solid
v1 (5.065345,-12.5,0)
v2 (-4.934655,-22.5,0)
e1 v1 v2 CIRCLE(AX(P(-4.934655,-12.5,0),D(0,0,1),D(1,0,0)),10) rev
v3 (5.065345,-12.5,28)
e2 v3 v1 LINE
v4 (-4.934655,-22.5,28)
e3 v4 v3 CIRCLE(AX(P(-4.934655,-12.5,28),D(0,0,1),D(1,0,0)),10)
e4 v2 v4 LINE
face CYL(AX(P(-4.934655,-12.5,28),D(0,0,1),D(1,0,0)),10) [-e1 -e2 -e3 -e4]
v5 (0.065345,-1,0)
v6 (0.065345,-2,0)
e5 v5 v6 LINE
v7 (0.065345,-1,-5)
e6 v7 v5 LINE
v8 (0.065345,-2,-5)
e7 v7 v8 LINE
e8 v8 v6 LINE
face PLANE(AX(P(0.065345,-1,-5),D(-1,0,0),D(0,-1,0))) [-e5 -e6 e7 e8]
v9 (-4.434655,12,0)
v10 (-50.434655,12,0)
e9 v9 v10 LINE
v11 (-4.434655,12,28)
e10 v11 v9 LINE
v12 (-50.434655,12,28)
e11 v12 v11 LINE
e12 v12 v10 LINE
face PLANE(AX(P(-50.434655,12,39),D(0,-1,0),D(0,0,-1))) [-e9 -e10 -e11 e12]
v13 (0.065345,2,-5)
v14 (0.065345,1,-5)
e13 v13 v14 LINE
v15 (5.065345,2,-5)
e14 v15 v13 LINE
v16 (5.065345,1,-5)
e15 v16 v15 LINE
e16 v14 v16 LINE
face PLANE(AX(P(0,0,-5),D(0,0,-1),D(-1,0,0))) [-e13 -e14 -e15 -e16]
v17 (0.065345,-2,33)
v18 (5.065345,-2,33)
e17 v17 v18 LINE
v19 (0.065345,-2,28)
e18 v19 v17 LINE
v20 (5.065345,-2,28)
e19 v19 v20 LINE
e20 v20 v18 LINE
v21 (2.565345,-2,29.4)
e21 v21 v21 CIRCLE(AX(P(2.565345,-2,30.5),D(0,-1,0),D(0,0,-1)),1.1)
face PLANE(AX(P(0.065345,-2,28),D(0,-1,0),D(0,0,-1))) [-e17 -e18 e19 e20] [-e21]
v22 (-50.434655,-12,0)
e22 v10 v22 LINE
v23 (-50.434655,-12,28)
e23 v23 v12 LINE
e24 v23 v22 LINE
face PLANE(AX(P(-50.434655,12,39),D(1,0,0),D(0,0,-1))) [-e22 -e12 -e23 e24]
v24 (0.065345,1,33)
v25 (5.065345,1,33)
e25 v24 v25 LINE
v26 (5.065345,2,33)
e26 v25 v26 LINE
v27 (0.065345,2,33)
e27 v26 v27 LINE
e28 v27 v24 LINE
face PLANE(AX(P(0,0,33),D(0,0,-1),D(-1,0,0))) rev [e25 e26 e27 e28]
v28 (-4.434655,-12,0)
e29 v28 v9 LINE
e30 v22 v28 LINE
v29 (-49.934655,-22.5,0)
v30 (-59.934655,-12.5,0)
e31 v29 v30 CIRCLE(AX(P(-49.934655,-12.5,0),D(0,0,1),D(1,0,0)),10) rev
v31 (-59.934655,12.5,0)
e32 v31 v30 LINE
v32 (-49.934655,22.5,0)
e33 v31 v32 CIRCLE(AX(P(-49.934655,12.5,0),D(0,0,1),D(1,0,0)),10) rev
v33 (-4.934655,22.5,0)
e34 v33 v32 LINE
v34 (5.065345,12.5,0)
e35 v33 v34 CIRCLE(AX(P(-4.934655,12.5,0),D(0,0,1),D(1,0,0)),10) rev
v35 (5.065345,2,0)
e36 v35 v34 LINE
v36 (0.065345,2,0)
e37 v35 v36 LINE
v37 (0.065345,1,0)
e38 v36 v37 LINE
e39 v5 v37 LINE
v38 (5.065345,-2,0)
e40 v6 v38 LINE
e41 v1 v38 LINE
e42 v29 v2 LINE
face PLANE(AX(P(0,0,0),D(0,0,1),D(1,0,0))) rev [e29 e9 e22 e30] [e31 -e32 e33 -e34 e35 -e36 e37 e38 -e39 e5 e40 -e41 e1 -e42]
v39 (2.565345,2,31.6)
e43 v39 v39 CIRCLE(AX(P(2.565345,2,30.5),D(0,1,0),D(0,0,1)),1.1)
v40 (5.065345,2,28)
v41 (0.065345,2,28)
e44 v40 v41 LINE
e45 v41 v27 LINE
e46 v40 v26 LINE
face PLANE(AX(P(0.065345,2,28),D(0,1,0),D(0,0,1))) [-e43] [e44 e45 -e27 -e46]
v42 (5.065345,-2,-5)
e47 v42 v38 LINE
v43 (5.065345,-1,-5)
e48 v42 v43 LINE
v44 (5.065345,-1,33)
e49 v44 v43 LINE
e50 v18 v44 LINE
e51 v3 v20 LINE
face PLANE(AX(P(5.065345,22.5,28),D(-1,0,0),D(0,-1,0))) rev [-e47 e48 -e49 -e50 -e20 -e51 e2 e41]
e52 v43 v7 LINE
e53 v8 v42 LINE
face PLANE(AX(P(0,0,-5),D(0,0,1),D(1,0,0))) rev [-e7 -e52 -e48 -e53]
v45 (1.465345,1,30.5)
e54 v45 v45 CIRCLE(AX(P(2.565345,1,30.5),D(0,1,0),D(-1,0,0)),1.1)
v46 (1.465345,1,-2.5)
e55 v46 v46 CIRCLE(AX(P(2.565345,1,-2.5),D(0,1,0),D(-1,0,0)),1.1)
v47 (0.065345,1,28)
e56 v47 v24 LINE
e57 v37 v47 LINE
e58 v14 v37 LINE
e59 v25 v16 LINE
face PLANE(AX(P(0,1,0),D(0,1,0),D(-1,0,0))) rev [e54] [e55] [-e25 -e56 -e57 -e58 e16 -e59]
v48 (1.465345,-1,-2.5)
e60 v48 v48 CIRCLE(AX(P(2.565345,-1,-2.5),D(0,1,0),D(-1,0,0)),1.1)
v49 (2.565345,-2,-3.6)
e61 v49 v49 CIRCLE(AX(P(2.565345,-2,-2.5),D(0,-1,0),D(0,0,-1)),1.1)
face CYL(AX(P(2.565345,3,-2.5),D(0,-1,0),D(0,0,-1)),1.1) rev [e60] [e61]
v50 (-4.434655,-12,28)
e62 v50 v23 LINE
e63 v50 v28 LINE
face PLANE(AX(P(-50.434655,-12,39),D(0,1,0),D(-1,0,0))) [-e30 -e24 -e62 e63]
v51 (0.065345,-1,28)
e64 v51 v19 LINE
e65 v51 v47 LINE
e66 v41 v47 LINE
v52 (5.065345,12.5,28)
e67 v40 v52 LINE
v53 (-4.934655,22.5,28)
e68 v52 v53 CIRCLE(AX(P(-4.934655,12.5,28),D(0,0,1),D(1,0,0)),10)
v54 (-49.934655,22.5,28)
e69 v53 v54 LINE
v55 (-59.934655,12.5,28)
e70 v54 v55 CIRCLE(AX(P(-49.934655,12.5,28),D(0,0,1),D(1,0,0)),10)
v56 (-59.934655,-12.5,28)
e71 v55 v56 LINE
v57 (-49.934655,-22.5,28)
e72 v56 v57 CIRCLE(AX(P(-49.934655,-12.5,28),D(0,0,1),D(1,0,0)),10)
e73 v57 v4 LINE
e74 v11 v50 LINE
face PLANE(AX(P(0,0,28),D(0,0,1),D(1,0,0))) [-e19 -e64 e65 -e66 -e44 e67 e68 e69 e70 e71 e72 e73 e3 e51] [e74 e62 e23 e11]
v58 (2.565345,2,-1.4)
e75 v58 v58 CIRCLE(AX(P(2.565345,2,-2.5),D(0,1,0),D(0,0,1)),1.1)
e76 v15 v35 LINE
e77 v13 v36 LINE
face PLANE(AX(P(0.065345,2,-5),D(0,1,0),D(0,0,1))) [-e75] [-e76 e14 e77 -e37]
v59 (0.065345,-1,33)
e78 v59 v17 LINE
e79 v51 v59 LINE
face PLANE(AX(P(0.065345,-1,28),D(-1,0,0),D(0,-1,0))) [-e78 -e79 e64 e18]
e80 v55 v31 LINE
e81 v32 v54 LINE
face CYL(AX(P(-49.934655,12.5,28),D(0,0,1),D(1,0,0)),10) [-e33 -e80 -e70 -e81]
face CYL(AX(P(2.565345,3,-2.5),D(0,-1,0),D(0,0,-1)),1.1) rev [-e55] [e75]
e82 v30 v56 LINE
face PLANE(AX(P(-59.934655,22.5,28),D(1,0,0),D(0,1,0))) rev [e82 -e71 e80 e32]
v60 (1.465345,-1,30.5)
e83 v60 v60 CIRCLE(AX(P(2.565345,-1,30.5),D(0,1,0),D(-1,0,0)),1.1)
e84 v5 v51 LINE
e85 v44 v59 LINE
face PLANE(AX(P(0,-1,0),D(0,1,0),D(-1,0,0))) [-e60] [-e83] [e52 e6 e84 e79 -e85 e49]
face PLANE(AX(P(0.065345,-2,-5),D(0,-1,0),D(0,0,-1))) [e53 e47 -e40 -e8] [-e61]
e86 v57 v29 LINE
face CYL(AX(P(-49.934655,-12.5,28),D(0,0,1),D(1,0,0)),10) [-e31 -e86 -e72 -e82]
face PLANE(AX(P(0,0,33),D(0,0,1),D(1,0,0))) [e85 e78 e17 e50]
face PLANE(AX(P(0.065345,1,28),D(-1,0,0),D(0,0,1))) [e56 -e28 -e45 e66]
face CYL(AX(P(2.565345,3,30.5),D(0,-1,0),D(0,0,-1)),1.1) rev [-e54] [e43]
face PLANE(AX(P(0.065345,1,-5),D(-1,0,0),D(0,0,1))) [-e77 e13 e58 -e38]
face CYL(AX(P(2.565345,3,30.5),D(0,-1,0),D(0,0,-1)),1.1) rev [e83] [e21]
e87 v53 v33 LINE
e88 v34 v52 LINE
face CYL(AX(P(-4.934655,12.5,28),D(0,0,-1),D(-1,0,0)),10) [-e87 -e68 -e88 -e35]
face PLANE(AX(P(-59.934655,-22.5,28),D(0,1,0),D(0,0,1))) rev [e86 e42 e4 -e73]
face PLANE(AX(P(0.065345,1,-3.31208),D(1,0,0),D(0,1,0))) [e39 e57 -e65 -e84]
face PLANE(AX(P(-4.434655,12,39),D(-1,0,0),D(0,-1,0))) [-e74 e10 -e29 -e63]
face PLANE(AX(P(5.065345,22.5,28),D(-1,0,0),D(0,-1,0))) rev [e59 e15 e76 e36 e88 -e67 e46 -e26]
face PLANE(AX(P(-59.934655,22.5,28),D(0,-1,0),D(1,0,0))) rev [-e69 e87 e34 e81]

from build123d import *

# Parameters (mm, degrees)
SKETCH_1_W               = 65
SKETCH_1_H               = 45
EXTRUDE_1_DEPTH          = 28
SKETCH_2_W               = 46
SKETCH_2_H               = 24
CUT_EXTRUDE_1_DEPTH      = 39
FILLET_1_R               = 10
FILLET_2_R               = 10
FILLET_3_R               = 10
FILLET_4_R               = 10
SKETCH_9_W               = 5
SKETCH_9_H               = 34.070621565
CUT_EXTRUDE_2_DEPTH      = 1
CUT_EXTRUDE_2_DEPTH_BACK = 1
SKETCH_10_W              = 5
SKETCH_10_H              = 1
EXTRUDE_5_DEPTH          = 5
SKETCH_12_R              = 1.1
CUT_EXTRUDE_3_DEPTH      = 5
PATTERN_LINEAR_1_COUNT   = 2
PATTERN_LINEAR_1_PITCH   = 33
PATTERN_LINEAR_2_COUNT   = 2
PATTERN_LINEAR_2_PITCH   = 33


with BuildPart() as part:
    # 草圖1 → 填料-伸長1 (new body)
    with BuildSketch(Plane.XY):
        with Locations((-27.434655272, 0)):
            Rectangle(SKETCH_1_W, SKETCH_1_H)
    extrude(amount=EXTRUDE_1_DEPTH)

    # 草圖2 → 除料-伸長1 (cut)
    with BuildSketch(Plane.XY):
        with Locations((-27.434655272, 0)):
            Rectangle(SKETCH_2_W, SKETCH_2_H)
    extrude(amount=CUT_EXTRUDE_1_DEPTH, mode=Mode.SUBTRACT)

    # 圓角1
    fillet_1_edges = [part.edges().sort_by_distance(p)[0] for p in [
        (-59.934655272, -22.5, 14),
    ]]
    fillet(fillet_1_edges, radius=FILLET_1_R)

    # 圓角2
    fillet_2_edges = [part.edges().sort_by_distance(p)[0] for p in [
        (-59.934655272, 22.5, 14),
    ]]
    fillet(fillet_2_edges, radius=FILLET_2_R)

    # 圓角3
    fillet_3_edges = [part.edges().sort_by_distance(p)[0] for p in [
        (5.065344728, 22.5, 14),
    ]]
    fillet(fillet_3_edges, radius=FILLET_3_R)

    # 圓角4
    fillet_4_edges = [part.edges().sort_by_distance(p)[0] for p in [
        (5.065344728, -22.5, 14),
    ]]
    fillet(fillet_4_edges, radius=FILLET_4_R)

    # 草圖9 → 除料-伸長2 (cut, two sides)
    with BuildSketch(Plane(origin=(0, 0, 0), x_dir=(1, 0, 0), z_dir=(0, 1, 0))) as cut_extrude_2_sk:
        with Locations((2.565344728, -13.723230761)):
            Rectangle(SKETCH_9_W, SKETCH_9_H)
    extrude(amount=CUT_EXTRUDE_2_DEPTH, mode=Mode.SUBTRACT)
    extrude(cut_extrude_2_sk.sketch, amount=-CUT_EXTRUDE_2_DEPTH_BACK, mode=Mode.SUBTRACT)

    # 草圖10 → 填料-伸長5 (add)
    with BuildSketch(Plane.XY):
        with Locations((2.565344728, -1.5)):
            Rectangle(SKETCH_10_W, SKETCH_10_H)
        with Locations((2.565344728, 1.5)):
            Rectangle(SKETCH_10_W, SKETCH_10_H)
    extrude_5 = extrude(amount=-EXTRUDE_5_DEPTH)

    # 草圖12 → 除料-伸長3 (cut)
    with BuildSketch(Plane(origin=(0, -2, 0), x_dir=(-1, 0, 0), z_dir=(0, -1, 0))):
        with Locations((-2.565344728, 2.5)):
            Circle(SKETCH_12_R)
    cut_extrude_3 = extrude(amount=-CUT_EXTRUDE_3_DEPTH, mode=Mode.SUBTRACT)

    # 直線複製排列1: 填料-伸長5 ×2
    with Locations(*[(0, 0, i * PATTERN_LINEAR_1_PITCH) for i in range(1, PATTERN_LINEAR_1_COUNT)]):
        add(extrude_5)

    # 直線複製排列2: 除料-伸長3 ×2
    with Locations(*[(0, 0, i * PATTERN_LINEAR_2_PITCH) for i in range(1, PATTERN_LINEAR_2_COUNT)]):
        add(cut_extrude_3, mode=Mode.SUBTRACT)


solid = part.part
